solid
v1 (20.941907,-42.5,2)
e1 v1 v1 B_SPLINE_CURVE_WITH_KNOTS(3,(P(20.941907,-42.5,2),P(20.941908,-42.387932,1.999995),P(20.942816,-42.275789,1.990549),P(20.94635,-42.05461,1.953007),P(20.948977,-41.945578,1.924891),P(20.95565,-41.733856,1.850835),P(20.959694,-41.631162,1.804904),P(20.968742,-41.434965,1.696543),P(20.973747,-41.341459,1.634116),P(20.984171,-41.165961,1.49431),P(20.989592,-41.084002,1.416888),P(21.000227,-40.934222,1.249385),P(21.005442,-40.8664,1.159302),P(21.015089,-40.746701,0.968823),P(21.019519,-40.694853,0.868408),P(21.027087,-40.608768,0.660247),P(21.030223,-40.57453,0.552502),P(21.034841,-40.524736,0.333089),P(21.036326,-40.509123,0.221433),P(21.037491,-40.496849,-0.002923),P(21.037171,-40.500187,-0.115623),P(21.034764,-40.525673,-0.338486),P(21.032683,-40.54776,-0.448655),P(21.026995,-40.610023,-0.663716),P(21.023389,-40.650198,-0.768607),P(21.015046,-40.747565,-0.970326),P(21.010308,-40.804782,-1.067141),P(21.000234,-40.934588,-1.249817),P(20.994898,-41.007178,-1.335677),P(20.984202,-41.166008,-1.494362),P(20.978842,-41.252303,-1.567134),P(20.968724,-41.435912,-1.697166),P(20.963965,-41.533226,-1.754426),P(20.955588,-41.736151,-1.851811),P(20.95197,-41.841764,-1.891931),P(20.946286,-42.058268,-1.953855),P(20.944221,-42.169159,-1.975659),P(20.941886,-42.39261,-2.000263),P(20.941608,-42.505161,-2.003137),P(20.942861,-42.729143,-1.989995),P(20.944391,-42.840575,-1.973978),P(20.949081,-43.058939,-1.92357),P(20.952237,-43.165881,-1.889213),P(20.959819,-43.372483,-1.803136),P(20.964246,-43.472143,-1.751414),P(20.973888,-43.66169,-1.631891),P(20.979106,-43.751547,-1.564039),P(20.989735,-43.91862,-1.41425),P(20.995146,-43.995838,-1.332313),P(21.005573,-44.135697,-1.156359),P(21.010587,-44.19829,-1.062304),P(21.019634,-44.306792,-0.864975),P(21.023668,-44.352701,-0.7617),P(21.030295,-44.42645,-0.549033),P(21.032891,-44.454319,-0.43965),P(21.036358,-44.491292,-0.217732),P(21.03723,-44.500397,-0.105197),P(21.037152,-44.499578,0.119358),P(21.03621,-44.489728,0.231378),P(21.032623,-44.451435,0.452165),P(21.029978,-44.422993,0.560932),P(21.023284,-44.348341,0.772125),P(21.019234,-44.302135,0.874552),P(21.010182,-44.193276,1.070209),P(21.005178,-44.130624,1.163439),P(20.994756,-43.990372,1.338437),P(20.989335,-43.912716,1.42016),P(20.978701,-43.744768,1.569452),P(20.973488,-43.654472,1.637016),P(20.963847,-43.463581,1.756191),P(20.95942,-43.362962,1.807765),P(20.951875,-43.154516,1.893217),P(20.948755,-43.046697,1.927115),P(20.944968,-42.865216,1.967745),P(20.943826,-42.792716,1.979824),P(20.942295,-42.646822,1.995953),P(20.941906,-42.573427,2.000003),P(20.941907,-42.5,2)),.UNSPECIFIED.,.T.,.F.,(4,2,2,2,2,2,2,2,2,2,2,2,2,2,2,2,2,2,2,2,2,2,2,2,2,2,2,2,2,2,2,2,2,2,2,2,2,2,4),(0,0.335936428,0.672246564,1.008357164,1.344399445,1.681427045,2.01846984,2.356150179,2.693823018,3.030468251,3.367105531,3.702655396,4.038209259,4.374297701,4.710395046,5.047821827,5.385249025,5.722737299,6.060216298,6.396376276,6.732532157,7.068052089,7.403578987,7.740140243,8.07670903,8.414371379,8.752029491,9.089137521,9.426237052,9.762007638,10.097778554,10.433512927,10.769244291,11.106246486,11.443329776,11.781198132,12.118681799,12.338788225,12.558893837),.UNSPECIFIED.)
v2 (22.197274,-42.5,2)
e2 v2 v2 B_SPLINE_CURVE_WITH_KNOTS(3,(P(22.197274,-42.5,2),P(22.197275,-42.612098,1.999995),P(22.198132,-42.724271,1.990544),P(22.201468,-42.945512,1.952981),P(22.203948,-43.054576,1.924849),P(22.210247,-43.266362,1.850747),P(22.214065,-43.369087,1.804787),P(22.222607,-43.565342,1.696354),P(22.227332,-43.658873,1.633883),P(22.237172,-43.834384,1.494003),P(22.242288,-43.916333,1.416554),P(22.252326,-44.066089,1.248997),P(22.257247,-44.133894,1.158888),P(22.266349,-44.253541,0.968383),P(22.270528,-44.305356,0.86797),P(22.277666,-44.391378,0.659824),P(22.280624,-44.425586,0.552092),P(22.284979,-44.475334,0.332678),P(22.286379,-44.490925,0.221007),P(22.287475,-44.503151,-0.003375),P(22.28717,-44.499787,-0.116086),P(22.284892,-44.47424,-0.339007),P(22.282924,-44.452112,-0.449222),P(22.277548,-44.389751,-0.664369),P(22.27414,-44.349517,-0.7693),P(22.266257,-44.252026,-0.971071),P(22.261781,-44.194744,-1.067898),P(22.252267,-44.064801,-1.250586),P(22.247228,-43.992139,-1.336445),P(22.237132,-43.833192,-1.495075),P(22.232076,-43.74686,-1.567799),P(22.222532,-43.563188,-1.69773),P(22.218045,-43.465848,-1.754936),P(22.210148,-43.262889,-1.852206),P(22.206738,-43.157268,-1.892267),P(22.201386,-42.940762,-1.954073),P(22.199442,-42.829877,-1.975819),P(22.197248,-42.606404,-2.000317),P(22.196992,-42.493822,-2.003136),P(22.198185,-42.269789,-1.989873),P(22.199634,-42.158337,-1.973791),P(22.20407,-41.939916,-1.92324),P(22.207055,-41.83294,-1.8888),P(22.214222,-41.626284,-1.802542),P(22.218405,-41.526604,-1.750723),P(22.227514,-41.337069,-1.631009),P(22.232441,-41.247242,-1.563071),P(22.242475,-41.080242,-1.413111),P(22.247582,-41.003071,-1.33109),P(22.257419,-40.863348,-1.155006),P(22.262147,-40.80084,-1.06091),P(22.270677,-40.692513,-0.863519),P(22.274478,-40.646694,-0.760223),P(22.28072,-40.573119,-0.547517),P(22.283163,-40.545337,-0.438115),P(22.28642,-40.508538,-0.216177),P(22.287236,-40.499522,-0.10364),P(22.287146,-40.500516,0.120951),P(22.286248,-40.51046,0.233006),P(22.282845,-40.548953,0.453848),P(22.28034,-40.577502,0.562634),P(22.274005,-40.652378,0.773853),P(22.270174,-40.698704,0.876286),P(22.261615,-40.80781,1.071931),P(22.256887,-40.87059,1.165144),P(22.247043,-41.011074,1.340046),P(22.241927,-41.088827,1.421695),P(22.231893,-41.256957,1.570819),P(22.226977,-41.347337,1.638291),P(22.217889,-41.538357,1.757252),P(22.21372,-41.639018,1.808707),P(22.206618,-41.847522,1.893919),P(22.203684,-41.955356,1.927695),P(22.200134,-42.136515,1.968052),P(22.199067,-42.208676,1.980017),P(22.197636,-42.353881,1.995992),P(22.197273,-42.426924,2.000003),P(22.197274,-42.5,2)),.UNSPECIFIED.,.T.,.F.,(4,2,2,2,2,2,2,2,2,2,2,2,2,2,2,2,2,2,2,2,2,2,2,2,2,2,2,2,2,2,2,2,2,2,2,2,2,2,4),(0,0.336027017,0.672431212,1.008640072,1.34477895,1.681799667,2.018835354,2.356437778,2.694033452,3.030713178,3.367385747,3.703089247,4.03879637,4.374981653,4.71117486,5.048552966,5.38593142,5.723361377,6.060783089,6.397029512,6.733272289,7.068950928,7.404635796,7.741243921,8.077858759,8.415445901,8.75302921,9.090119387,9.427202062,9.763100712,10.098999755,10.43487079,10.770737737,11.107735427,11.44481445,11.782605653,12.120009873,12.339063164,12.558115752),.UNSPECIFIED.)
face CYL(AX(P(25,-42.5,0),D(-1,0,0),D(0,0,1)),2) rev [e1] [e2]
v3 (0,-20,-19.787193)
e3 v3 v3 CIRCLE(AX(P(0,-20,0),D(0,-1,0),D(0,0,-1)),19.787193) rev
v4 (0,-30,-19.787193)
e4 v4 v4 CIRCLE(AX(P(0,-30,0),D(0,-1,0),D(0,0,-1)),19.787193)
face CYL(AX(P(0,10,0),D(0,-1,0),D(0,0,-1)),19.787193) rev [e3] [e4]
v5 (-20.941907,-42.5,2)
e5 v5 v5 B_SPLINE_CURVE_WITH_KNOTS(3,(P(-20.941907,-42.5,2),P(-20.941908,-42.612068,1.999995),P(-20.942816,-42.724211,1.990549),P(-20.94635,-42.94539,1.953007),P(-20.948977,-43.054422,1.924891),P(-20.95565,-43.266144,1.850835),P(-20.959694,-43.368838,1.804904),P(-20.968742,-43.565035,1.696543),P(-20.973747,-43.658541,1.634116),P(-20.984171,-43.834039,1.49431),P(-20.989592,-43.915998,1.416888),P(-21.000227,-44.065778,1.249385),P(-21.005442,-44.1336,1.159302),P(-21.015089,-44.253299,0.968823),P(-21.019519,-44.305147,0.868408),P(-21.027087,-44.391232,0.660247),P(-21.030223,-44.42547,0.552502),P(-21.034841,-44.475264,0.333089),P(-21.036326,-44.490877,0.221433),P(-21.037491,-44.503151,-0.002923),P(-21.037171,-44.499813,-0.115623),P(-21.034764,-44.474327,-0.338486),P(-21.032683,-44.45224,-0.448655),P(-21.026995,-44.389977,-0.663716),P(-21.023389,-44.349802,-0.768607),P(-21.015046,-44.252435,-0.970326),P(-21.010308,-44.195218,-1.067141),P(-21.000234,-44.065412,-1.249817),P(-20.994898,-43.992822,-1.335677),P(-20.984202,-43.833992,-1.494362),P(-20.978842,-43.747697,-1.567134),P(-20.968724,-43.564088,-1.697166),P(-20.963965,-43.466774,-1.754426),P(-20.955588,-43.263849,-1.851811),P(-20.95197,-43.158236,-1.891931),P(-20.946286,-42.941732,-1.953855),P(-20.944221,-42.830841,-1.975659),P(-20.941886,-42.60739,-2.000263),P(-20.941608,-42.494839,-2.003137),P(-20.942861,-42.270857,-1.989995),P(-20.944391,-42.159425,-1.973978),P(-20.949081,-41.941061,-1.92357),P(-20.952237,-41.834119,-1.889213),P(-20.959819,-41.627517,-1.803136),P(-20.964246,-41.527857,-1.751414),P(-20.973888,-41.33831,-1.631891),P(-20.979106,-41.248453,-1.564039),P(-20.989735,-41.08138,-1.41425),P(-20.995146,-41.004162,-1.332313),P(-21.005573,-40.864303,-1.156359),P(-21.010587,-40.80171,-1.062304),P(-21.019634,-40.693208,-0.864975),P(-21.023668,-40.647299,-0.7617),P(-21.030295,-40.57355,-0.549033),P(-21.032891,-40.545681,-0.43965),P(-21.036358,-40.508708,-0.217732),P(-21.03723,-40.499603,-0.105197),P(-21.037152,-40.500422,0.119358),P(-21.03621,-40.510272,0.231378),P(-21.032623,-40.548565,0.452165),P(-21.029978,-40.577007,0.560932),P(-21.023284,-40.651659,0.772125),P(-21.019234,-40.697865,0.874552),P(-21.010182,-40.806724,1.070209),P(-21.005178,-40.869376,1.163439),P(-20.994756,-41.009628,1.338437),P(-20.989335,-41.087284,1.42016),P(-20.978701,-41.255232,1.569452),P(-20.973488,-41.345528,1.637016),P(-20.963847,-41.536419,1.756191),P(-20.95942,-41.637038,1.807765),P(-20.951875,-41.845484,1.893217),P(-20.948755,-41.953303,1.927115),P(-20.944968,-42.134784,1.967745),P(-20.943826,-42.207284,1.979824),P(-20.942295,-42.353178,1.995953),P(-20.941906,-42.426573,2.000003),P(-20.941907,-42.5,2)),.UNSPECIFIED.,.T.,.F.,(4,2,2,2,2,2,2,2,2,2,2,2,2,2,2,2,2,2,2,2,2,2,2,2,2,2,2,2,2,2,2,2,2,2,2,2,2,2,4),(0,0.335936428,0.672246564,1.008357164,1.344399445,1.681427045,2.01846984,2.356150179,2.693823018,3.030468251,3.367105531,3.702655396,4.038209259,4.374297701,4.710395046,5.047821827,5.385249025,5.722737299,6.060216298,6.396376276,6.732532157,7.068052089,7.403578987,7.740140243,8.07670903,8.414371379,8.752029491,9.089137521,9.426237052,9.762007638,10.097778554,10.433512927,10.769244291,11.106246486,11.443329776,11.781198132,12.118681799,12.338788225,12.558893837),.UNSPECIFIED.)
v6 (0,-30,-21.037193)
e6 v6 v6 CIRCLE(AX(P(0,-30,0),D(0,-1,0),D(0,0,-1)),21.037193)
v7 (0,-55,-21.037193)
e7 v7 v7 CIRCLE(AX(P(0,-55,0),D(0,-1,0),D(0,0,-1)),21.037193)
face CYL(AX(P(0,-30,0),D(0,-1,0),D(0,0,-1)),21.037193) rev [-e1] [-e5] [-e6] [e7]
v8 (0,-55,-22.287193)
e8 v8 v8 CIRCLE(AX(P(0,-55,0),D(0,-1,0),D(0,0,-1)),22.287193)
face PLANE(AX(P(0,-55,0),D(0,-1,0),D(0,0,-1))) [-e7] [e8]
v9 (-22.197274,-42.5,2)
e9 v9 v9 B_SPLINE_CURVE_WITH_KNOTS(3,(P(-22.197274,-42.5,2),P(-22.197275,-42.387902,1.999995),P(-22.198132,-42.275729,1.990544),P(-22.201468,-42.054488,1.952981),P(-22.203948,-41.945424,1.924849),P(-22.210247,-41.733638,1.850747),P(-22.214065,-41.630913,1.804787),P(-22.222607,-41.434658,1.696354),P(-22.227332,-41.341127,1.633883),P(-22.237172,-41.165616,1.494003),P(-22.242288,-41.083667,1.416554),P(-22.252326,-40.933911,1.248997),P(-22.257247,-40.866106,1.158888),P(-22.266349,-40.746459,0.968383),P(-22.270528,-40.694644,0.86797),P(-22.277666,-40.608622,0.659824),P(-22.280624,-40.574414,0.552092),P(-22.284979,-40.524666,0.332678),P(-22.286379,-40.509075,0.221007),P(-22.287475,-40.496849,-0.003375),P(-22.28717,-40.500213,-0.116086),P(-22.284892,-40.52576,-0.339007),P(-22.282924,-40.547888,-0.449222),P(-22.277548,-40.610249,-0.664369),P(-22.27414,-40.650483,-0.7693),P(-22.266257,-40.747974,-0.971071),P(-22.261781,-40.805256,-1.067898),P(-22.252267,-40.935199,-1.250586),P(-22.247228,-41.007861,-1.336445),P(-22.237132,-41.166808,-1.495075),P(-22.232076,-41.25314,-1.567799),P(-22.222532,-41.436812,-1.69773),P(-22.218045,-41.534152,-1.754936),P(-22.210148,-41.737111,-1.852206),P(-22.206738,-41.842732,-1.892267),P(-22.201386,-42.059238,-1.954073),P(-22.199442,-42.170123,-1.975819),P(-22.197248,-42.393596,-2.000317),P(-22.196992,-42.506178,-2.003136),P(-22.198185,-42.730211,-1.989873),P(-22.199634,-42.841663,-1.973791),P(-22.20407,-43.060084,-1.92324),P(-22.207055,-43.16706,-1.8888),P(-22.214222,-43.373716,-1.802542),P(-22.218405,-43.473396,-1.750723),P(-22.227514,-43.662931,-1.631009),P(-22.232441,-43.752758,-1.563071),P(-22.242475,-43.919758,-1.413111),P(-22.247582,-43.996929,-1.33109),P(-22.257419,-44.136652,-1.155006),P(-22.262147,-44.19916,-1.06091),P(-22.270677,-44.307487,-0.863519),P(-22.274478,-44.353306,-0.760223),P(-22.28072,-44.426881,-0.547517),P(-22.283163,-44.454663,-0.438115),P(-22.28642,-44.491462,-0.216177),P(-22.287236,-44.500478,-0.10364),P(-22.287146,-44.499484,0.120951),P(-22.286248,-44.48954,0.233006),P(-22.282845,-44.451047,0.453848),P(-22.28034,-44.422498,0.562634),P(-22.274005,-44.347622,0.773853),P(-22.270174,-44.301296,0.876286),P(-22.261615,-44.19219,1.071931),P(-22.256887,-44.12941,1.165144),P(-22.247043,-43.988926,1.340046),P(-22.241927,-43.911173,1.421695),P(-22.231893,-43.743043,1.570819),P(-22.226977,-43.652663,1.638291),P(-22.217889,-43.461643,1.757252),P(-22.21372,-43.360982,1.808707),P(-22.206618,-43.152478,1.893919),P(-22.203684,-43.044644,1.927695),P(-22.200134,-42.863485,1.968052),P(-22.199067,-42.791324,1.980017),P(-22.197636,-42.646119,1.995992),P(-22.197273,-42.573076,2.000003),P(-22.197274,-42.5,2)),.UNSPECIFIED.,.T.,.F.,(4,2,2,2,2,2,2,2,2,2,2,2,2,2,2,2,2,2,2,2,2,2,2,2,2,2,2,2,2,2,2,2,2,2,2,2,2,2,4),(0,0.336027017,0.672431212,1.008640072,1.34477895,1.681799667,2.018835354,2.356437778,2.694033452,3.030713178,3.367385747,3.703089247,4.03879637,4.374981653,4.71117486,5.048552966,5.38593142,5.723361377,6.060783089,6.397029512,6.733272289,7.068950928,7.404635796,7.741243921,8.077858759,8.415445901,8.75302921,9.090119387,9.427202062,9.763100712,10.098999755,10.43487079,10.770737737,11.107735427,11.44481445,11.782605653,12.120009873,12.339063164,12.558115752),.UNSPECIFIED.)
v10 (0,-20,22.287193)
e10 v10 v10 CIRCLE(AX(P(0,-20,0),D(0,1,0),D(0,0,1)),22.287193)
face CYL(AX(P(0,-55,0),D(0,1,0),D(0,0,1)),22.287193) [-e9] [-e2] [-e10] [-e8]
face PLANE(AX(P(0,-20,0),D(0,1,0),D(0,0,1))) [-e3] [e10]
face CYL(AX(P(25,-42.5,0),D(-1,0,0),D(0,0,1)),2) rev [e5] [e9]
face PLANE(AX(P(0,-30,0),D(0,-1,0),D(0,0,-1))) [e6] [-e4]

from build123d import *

# Parameters (mm, degrees)
SKETCH1_R                = 34
BOSS_EXTRUDE1_DEPTH      = 10
SKETCH2_R                = 19.7871926
SKETCH2_R_2              = 2
CUT_EXTRUDE1_DEPTH       = 10
SKETCH3_R                = 4.837531333
SKETCH4_W                = 4.837531333
SKETCH4_H                = 4.837531333
CUT_EXTRUDE3_DEPTH       = 38
CUT_EXTRUDE3_DEPTH_BACK  = 38
SKETCH5_W                = 72.361656805
SKETCH5_H                = 8.896778435
BOSS_EXTRUDE2_START      = 60
SKETCH6_R                = 22.2871926
SKETCH6_R_2              = 19.7871926
BOSS_EXTRUDE2_DEPTH      = 60
SKETCH7_R                = 21.0371926
SKETCH7_R_2              = 19.7871926
CUT_EXTRUDE4_DEPTH       = 25
CUT_EXTRUDE6_DEPTH       = 25
CUT_EXTRUDE6_DEPTH_BACK  = 25
SKETCH8_R                = 2
CUT_EXTRUDE7_DEPTH       = 43
CUT_EXTRUDE7_DEPTH_BACK  = 53
SKETCH9_W                = 69.351432881
SKETCH9_H                = 5.737807944
CUT_EXTRUDE8_START       = -25
SKETCH10_R               = 22.2871926
SKETCH10_R_2             = 21.0371926
CUT_EXTRUDE8_DEPTH       = 25
CUT_EXTRUDE9_DEPTH       = 30
CUT_EXTRUDE9_DEPTH_BACK  = 30
SKETCH11_R               = 2
CUT_EXTRUDE10_DEPTH      = 53
CUT_EXTRUDE10_DEPTH_BACK = 26
SKETCH12_W               = 42.0743852
SKETCH12_H               = 25


with BuildPart() as part:
    # Sketch1 → Boss-Extrude1 (new body)
    with BuildSketch(Plane(origin=(0, 0, 0), x_dir=(1, 0, 0), z_dir=(0, 1, 0))):
        Circle(SKETCH1_R)
    extrude(amount=BOSS_EXTRUDE1_DEPTH)

    # Sketch2 → Cut-Extrude1 (cut)
    with BuildSketch(Plane.XZ):
        Circle(SKETCH2_R)
        with Locations((-22.1, 12.5)):
            Circle(SKETCH2_R_2)
        with Locations((22.1, 12.5)):
            Circle(SKETCH2_R_2)
        with Locations((22.1, -12.5)):
            Circle(SKETCH2_R_2)
        with Locations((-22.1, -12.5)):
            Circle(SKETCH2_R_2)
    extrude(amount=-CUT_EXTRUDE1_DEPTH, mode=Mode.SUBTRACT)

    # Sketch3 → Cut-Revolve1 (revolve, cut)
    with BuildSketch(Plane(origin=(0, 0, 0), x_dir=(0, 0, -1), z_dir=(1, 0, 0))):
        with Locations((-34, 5)):
            Circle(SKETCH3_R)
    revolve(axis=Axis((0, 0, 0), (0, 1, 0)), mode=Mode.SUBTRACT)

    # Sketch4 → Cut-Revolve2 (revolve, cut)
    with BuildSketch(Plane(origin=(0, 0, 0), x_dir=(0, 0, -1), z_dir=(1, 0, 0))):
        with Locations((-31.581234333, 2.581234333)):
            Rectangle(SKETCH4_W, SKETCH4_H)
    revolve(axis=Axis((0, 0, 0), (0, 1, 0)), mode=Mode.SUBTRACT)

    # Sketch5 → Cut-Extrude3 (cut, two sides: drawn at the far end of the back side and taken through both)
    with BuildSketch(Plane(origin=(0, 0, 0), x_dir=(0, 0, -1), z_dir=(1, 0, 0)).offset(-CUT_EXTRUDE3_DEPTH_BACK)):
        with Locations((-0.901301775, 0.551610782)):
            Rectangle(SKETCH5_W, SKETCH5_H)
    extrude(amount=CUT_EXTRUDE3_DEPTH + CUT_EXTRUDE3_DEPTH_BACK, mode=Mode.SUBTRACT)

    # Sketch6 → Boss-Extrude2 (add)
    with BuildSketch(Plane.XZ.offset(-5).offset(BOSS_EXTRUDE2_START)):
        Circle(SKETCH6_R)
        Circle(SKETCH6_R_2, mode=Mode.SUBTRACT)
    extrude(amount=-BOSS_EXTRUDE2_DEPTH)

    # Sketch7 → Cut-Extrude4 (cut)
    with BuildSketch(Plane.XZ.offset(55)):
        Circle(SKETCH7_R)
        Circle(SKETCH7_R_2, mode=Mode.SUBTRACT)
    extrude(amount=-CUT_EXTRUDE4_DEPTH, mode=Mode.SUBTRACT)

    # Sketch8 → Cut-Extrude6 (cut, two sides: drawn at the far end of the back side and taken through both)
    with BuildSketch(Plane(origin=(0, 0, 0), x_dir=(0, 0, -1), z_dir=(1, 0, 0)).offset(-CUT_EXTRUDE6_DEPTH_BACK)):
        with Locations((0, -42.5)):
            Circle(SKETCH8_R)
    extrude(amount=CUT_EXTRUDE6_DEPTH + CUT_EXTRUDE6_DEPTH_BACK, mode=Mode.SUBTRACT)

    # Sketch9 → Cut-Extrude7 (cut, two sides: drawn at the far end of the back side and taken through both)
    with BuildSketch(Plane(origin=(0, 0, 0), x_dir=(0, 0, -1), z_dir=(1, 0, 0)).offset(-CUT_EXTRUDE7_DEPTH_BACK)):
        with Locations((0.165912519, 7.868903972)):
            Rectangle(SKETCH9_W, SKETCH9_H)
    extrude(amount=CUT_EXTRUDE7_DEPTH + CUT_EXTRUDE7_DEPTH_BACK, mode=Mode.SUBTRACT)

    # Sketch10 → Cut-Extrude8 (cut)
    with BuildSketch(Plane(origin=(0, 5, 0), x_dir=(1, 0, 0), z_dir=(0, 1, 0)).offset(CUT_EXTRUDE8_START)):
        Circle(SKETCH10_R)
        Circle(SKETCH10_R_2, mode=Mode.SUBTRACT)
    extrude(amount=CUT_EXTRUDE8_DEPTH, mode=Mode.SUBTRACT)

    # Sketch11 → Cut-Extrude9 (cut, two sides: drawn at the far end of the back side and taken through both)
    with BuildSketch(Plane(origin=(0, 0, 0), x_dir=(0, 0, -1), z_dir=(1, 0, 0)).offset(-CUT_EXTRUDE9_DEPTH_BACK)):
        with Locations((0, -7.5)):
            Circle(SKETCH11_R)
    extrude(amount=CUT_EXTRUDE9_DEPTH + CUT_EXTRUDE9_DEPTH_BACK, mode=Mode.SUBTRACT)

    # Sketch12 → Cut-Extrude10 (cut, two sides: drawn at the far end of the back side and taken through both)
    with BuildSketch(Plane.XY.offset(-CUT_EXTRUDE10_DEPTH_BACK)):
        with Locations((0, -7.5)):
            Rectangle(SKETCH12_W, SKETCH12_H)
    extrude(amount=CUT_EXTRUDE10_DEPTH + CUT_EXTRUDE10_DEPTH_BACK, mode=Mode.SUBTRACT)


solid = part.part
